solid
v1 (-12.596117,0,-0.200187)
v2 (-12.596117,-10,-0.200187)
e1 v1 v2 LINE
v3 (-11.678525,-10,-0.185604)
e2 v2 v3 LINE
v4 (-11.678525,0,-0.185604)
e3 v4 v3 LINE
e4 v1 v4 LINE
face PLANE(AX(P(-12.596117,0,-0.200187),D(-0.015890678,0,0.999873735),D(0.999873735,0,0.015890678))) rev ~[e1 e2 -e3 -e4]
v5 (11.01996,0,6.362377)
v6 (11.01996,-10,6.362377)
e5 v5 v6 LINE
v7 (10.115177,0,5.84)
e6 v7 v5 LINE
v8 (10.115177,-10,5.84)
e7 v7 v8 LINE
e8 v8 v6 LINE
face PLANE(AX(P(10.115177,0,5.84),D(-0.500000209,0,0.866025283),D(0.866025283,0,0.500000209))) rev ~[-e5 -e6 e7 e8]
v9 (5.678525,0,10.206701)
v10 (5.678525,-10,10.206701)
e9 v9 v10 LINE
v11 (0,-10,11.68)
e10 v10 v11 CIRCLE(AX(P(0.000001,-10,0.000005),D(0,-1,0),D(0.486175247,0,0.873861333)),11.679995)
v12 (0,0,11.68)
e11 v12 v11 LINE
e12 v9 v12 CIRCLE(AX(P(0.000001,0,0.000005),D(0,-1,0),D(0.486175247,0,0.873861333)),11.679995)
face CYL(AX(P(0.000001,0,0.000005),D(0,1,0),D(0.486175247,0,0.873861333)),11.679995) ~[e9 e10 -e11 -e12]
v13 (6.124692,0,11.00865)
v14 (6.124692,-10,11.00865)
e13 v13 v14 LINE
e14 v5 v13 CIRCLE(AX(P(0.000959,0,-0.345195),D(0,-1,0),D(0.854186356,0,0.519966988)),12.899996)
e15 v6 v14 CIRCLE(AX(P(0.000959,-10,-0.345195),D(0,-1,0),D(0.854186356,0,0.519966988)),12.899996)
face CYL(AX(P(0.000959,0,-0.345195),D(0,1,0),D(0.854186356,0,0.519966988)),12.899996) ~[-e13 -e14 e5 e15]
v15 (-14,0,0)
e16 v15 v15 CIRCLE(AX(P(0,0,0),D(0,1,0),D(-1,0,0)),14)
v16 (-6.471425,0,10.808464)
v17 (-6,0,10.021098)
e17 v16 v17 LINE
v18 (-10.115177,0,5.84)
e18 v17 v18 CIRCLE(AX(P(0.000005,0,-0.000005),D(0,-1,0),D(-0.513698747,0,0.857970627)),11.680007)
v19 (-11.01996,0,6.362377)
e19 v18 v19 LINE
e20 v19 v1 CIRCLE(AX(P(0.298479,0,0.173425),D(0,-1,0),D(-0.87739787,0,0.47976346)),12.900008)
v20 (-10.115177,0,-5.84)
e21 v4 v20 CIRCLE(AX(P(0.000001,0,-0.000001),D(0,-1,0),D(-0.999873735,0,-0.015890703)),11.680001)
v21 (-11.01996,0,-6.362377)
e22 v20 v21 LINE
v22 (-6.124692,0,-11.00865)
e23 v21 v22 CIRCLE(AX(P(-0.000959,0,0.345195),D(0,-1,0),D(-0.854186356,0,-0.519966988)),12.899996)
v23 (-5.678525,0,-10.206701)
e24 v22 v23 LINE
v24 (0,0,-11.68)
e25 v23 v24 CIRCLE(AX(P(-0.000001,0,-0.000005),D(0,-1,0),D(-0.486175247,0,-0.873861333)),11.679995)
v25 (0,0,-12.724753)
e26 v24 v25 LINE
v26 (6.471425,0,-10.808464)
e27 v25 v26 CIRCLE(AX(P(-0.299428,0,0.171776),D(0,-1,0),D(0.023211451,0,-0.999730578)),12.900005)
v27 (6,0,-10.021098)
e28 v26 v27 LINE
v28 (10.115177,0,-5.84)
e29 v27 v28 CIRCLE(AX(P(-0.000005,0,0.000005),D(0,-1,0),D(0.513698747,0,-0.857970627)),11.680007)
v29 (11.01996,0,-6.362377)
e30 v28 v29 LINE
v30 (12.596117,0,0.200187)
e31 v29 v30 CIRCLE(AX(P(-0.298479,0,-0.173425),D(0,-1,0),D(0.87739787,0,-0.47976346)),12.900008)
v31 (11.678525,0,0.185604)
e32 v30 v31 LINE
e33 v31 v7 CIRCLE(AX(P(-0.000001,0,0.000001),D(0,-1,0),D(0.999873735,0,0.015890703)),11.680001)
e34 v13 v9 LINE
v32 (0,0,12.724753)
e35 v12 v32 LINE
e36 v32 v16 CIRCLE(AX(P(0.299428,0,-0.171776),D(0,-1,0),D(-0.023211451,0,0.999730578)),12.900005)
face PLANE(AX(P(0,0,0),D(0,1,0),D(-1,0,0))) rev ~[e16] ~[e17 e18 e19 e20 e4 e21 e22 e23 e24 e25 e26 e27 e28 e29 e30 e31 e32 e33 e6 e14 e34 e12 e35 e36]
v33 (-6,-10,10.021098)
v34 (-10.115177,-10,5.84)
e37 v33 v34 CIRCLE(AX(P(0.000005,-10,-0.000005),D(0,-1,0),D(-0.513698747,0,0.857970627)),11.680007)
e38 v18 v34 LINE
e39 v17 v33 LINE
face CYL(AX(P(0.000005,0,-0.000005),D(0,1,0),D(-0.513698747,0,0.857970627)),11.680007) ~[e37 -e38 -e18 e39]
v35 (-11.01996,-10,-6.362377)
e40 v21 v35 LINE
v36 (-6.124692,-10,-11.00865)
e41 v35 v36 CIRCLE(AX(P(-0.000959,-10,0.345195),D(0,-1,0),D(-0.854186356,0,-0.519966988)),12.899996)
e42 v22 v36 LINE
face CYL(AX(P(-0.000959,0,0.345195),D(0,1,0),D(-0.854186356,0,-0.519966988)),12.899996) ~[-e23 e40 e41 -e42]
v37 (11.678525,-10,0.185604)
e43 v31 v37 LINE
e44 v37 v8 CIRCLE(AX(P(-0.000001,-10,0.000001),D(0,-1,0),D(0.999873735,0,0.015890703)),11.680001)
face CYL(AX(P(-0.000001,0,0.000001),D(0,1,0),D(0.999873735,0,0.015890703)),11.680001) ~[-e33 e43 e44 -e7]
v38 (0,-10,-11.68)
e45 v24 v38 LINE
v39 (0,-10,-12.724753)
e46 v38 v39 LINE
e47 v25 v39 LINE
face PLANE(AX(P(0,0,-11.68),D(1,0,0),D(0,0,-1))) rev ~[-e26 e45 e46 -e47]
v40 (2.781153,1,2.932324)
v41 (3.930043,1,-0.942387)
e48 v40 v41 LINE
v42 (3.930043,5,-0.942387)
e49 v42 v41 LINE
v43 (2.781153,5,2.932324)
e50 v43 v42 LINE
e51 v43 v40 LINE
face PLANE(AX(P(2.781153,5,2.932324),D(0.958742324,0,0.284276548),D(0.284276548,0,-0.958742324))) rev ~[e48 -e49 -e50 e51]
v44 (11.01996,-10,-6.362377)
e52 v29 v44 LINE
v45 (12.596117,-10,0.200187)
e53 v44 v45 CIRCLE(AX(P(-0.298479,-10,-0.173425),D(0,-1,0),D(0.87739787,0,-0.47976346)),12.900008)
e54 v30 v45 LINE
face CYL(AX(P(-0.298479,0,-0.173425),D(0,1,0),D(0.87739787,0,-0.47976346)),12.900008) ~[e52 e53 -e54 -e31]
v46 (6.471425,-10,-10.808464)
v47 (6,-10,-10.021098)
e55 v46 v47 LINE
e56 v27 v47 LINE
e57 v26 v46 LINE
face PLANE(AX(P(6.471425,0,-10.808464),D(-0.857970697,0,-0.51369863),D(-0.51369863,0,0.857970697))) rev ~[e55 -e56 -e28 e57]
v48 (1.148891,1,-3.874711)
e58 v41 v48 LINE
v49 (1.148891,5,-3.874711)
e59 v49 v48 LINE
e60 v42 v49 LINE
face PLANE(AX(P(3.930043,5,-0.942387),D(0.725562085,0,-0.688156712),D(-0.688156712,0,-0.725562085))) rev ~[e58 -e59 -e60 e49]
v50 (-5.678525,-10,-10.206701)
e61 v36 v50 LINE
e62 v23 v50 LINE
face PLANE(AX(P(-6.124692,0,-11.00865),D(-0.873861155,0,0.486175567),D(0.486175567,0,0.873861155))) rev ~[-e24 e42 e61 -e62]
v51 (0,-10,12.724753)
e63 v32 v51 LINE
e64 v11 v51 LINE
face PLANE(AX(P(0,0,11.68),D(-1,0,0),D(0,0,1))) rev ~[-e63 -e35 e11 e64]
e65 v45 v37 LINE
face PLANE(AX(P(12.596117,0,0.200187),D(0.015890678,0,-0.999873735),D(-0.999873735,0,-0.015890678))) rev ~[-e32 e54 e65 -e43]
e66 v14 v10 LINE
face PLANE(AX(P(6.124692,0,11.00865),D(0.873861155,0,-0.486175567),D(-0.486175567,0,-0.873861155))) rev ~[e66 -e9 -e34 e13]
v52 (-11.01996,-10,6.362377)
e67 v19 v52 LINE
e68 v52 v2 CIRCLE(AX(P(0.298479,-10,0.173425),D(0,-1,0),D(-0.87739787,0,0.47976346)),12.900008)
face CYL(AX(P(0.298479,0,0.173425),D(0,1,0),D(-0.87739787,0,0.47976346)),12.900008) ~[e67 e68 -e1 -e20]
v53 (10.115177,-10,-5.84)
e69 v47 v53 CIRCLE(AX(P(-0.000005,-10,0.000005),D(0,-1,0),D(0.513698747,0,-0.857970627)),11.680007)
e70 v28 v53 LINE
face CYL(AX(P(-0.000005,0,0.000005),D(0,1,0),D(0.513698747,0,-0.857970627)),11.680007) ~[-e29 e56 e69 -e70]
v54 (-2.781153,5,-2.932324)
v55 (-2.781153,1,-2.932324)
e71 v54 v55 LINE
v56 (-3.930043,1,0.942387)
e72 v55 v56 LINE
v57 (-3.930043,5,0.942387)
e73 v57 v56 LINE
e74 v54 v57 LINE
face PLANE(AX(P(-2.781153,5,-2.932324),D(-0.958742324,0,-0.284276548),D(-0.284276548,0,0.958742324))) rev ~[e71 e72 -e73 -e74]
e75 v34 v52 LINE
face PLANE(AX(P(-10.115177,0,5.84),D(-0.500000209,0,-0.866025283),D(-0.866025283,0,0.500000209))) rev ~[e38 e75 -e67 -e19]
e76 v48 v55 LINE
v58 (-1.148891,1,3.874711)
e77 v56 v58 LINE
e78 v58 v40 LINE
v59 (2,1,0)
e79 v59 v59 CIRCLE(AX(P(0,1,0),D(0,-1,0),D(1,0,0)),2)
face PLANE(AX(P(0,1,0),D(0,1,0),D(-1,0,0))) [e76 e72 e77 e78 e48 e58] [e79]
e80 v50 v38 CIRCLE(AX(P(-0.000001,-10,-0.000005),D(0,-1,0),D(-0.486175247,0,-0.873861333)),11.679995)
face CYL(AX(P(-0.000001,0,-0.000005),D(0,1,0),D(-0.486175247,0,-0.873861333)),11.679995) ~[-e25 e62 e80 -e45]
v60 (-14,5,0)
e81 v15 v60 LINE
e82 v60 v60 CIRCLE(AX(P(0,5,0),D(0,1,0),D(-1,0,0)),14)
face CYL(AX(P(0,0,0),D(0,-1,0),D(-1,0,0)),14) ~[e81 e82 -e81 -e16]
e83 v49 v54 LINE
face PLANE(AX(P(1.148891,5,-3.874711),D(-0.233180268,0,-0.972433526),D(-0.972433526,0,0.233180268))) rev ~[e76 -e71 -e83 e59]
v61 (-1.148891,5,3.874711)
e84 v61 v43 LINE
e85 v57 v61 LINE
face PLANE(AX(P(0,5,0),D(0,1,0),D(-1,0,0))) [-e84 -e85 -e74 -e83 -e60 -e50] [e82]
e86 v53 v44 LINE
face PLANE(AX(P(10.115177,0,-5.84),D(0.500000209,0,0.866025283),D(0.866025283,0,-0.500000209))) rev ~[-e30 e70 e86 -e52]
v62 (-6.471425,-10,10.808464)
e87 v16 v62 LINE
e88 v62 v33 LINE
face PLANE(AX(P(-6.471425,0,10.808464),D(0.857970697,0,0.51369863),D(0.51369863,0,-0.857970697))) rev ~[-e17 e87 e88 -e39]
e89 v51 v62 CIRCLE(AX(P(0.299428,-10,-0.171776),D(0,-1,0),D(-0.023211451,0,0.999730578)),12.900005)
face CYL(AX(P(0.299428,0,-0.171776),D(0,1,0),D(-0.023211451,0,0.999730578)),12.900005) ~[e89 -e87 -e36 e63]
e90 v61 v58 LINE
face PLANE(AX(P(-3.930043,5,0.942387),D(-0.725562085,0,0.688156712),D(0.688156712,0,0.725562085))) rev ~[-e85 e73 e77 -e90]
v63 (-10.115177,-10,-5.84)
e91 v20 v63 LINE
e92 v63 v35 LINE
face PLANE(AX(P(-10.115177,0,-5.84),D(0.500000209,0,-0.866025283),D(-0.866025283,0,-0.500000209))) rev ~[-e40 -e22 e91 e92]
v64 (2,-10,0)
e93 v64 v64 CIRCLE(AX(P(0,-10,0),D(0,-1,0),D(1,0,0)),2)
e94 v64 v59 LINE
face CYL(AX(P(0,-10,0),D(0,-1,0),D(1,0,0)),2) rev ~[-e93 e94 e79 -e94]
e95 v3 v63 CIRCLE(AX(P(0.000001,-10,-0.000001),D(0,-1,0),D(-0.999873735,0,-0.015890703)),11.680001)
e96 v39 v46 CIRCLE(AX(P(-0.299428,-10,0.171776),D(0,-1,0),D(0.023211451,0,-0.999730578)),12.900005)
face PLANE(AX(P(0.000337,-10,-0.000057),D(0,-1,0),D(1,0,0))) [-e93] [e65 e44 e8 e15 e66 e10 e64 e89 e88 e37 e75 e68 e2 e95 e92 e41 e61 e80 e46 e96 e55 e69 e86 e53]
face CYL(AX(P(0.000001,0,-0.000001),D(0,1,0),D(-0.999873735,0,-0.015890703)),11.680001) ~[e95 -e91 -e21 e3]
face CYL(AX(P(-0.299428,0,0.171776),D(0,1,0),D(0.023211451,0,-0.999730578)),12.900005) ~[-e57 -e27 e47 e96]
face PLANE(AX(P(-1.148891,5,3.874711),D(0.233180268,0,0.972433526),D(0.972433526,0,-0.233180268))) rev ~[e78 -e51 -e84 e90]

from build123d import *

# Parameters (mm, degrees)
F1_DEPTH = 10
F3_R     = 14
F4_DEPTH = 5
F2_R     = 2
F5_DEPTH = 40
F7_DEPTH = 4


with BuildPart() as f1:
    # F0 (on Front) → F1 (new body)
    with BuildSketch(Plane.XZ):
        with BuildLine():
            ThreePointArc((10.115177, -5.84), (11.282014, -3.023006), (11.68, 0))
            ThreePointArc((11.68, 0), (11.679631, 0.092805), (11.678525, 0.185604))
            ThreePointArc((11.678525, 0.185604), (11.257638, 3.112553), (10.115177, 5.84))
            ThreePointArc((10.115177, 5.84), (8.193124, 8.324369), (5.678525, 10.206701))
            ThreePointArc((5.678525, 10.206701), (2.933269, 11.305677), (0, 11.68))
            ThreePointArc((0, 11.68), (-3.112553, 11.257638), (-6, 10.021098))
            ThreePointArc((-6, 10.021098), (-8.324369, 8.193124), (-10.115177, 5.84))
            ThreePointArc((-10.115177, 5.84), (-11.305677, 2.933269), (-11.678525, -0.185604))
            ThreePointArc((-11.678525, -0.185604), (-11.257638, -3.112553), (-10.115177, -5.84))
            ThreePointArc((-10.115177, -5.84), (-8.193124, -8.324369), (-5.678525, -10.206701))
            ThreePointArc((-5.678525, -10.206701), (-2.933269, -11.305677), (0, -11.68))
            ThreePointArc((0, -11.68), (3.112553, -11.257638), (6, -10.021098))
            ThreePointArc((6, -10.021098), (8.324369, -8.193124), (10.115177, -5.84))
        make_face()
        with BuildLine():
            ThreePointArc((11.678525, 0.185604), (11.679631, 0.092805), (11.68, 0))
            ThreePointArc((11.68, 0), (11.282014, -3.023006), (10.115177, -5.84))
            Line((10.115177, -5.84), (11.01996, -6.362377))
            ThreePointArc((11.01996, -6.362377), (12.244829, -3.186001), (12.596117, 0.200187))
            Line((12.596117, 0.200187), (11.678525, 0.185604))
        make_face()
        with BuildLine():
            ThreePointArc((5.678525, 10.206701), (8.193124, 8.324369), (10.115177, 5.84))
            Line((10.115177, 5.84), (11.01996, 6.362377))
            ThreePointArc((11.01996, 6.362377), (8.881572, 9.011333), (6.124692, 11.00865))
            Line((6.124692, 11.00865), (5.678525, 10.206701))
        make_face()
        with BuildLine():
            Line((6.471425, -10.808464), (6, -10.021098))
            ThreePointArc((6, -10.021098), (3.112553, -11.257638), (0, -11.68))
            Line((0, -11.68), (0, -12.724753))
            ThreePointArc((0, -12.724753), (3.363257, -12.197333), (6.471425, -10.808464))
        make_face()
        with BuildLine():
            ThreePointArc((-6, 10.021098), (-3.112553, 11.257638), (0, 11.68))
            Line((0, 11.68), (0, 12.724753))
            ThreePointArc((0, 12.724753), (-3.363257, 12.197333), (-6.471425, 10.808464))
            Line((-6.471425, 10.808464), (-6, 10.021098))
        make_face()
        with BuildLine():
            Line((-6.124692, -11.00865), (-5.678525, -10.206701))
            ThreePointArc((-5.678525, -10.206701), (-8.193124, -8.324369), (-10.115177, -5.84))
            Line((-10.115177, -5.84), (-11.01996, -6.362377))
            ThreePointArc((-11.01996, -6.362377), (-8.881572, -9.011333), (-6.124692, -11.00865))
        make_face()
        with BuildLine():
            ThreePointArc((-11.678525, -0.185604), (-11.305677, 2.933269), (-10.115177, 5.84))
            Line((-10.115177, 5.84), (-11.01996, 6.362377))
            ThreePointArc((-11.01996, 6.362377), (-12.244829, 3.186001), (-12.596117, -0.200187))
            Line((-12.596117, -0.200187), (-11.678525, -0.185604))
        make_face()
    extrude(amount=F1_DEPTH)

    # F3 (on face) → F4 (join)
    with BuildSketch(Plane(origin=(0, 0, 0), x_dir=(-1, 0, 0), z_dir=(0, 1, 0))):
        Circle(F3_R)
    extrude(amount=F4_DEPTH)

    # F2 (on face) → F5 (cut)
    with BuildSketch(Plane.XZ.offset(10)):
        Circle(F2_R)
    extrude(amount=-F5_DEPTH, mode=Mode.SUBTRACT)

    # F6 (on face) → F7 (cut)
    with BuildSketch(Plane(origin=(0, 5, 0), x_dir=(-1, 0, 0), z_dir=(0, 1, 0))):
        Polygon((1.148891, 3.874711), (-2.781153, 2.932324), (-3.930043, -0.942387), (-1.148891, -3.874711), (2.781153, -2.932324), (3.930043, 0.942387), align=None)
    extrude(amount=-F7_DEPTH, mode=Mode.SUBTRACT)


solid = f1.part
